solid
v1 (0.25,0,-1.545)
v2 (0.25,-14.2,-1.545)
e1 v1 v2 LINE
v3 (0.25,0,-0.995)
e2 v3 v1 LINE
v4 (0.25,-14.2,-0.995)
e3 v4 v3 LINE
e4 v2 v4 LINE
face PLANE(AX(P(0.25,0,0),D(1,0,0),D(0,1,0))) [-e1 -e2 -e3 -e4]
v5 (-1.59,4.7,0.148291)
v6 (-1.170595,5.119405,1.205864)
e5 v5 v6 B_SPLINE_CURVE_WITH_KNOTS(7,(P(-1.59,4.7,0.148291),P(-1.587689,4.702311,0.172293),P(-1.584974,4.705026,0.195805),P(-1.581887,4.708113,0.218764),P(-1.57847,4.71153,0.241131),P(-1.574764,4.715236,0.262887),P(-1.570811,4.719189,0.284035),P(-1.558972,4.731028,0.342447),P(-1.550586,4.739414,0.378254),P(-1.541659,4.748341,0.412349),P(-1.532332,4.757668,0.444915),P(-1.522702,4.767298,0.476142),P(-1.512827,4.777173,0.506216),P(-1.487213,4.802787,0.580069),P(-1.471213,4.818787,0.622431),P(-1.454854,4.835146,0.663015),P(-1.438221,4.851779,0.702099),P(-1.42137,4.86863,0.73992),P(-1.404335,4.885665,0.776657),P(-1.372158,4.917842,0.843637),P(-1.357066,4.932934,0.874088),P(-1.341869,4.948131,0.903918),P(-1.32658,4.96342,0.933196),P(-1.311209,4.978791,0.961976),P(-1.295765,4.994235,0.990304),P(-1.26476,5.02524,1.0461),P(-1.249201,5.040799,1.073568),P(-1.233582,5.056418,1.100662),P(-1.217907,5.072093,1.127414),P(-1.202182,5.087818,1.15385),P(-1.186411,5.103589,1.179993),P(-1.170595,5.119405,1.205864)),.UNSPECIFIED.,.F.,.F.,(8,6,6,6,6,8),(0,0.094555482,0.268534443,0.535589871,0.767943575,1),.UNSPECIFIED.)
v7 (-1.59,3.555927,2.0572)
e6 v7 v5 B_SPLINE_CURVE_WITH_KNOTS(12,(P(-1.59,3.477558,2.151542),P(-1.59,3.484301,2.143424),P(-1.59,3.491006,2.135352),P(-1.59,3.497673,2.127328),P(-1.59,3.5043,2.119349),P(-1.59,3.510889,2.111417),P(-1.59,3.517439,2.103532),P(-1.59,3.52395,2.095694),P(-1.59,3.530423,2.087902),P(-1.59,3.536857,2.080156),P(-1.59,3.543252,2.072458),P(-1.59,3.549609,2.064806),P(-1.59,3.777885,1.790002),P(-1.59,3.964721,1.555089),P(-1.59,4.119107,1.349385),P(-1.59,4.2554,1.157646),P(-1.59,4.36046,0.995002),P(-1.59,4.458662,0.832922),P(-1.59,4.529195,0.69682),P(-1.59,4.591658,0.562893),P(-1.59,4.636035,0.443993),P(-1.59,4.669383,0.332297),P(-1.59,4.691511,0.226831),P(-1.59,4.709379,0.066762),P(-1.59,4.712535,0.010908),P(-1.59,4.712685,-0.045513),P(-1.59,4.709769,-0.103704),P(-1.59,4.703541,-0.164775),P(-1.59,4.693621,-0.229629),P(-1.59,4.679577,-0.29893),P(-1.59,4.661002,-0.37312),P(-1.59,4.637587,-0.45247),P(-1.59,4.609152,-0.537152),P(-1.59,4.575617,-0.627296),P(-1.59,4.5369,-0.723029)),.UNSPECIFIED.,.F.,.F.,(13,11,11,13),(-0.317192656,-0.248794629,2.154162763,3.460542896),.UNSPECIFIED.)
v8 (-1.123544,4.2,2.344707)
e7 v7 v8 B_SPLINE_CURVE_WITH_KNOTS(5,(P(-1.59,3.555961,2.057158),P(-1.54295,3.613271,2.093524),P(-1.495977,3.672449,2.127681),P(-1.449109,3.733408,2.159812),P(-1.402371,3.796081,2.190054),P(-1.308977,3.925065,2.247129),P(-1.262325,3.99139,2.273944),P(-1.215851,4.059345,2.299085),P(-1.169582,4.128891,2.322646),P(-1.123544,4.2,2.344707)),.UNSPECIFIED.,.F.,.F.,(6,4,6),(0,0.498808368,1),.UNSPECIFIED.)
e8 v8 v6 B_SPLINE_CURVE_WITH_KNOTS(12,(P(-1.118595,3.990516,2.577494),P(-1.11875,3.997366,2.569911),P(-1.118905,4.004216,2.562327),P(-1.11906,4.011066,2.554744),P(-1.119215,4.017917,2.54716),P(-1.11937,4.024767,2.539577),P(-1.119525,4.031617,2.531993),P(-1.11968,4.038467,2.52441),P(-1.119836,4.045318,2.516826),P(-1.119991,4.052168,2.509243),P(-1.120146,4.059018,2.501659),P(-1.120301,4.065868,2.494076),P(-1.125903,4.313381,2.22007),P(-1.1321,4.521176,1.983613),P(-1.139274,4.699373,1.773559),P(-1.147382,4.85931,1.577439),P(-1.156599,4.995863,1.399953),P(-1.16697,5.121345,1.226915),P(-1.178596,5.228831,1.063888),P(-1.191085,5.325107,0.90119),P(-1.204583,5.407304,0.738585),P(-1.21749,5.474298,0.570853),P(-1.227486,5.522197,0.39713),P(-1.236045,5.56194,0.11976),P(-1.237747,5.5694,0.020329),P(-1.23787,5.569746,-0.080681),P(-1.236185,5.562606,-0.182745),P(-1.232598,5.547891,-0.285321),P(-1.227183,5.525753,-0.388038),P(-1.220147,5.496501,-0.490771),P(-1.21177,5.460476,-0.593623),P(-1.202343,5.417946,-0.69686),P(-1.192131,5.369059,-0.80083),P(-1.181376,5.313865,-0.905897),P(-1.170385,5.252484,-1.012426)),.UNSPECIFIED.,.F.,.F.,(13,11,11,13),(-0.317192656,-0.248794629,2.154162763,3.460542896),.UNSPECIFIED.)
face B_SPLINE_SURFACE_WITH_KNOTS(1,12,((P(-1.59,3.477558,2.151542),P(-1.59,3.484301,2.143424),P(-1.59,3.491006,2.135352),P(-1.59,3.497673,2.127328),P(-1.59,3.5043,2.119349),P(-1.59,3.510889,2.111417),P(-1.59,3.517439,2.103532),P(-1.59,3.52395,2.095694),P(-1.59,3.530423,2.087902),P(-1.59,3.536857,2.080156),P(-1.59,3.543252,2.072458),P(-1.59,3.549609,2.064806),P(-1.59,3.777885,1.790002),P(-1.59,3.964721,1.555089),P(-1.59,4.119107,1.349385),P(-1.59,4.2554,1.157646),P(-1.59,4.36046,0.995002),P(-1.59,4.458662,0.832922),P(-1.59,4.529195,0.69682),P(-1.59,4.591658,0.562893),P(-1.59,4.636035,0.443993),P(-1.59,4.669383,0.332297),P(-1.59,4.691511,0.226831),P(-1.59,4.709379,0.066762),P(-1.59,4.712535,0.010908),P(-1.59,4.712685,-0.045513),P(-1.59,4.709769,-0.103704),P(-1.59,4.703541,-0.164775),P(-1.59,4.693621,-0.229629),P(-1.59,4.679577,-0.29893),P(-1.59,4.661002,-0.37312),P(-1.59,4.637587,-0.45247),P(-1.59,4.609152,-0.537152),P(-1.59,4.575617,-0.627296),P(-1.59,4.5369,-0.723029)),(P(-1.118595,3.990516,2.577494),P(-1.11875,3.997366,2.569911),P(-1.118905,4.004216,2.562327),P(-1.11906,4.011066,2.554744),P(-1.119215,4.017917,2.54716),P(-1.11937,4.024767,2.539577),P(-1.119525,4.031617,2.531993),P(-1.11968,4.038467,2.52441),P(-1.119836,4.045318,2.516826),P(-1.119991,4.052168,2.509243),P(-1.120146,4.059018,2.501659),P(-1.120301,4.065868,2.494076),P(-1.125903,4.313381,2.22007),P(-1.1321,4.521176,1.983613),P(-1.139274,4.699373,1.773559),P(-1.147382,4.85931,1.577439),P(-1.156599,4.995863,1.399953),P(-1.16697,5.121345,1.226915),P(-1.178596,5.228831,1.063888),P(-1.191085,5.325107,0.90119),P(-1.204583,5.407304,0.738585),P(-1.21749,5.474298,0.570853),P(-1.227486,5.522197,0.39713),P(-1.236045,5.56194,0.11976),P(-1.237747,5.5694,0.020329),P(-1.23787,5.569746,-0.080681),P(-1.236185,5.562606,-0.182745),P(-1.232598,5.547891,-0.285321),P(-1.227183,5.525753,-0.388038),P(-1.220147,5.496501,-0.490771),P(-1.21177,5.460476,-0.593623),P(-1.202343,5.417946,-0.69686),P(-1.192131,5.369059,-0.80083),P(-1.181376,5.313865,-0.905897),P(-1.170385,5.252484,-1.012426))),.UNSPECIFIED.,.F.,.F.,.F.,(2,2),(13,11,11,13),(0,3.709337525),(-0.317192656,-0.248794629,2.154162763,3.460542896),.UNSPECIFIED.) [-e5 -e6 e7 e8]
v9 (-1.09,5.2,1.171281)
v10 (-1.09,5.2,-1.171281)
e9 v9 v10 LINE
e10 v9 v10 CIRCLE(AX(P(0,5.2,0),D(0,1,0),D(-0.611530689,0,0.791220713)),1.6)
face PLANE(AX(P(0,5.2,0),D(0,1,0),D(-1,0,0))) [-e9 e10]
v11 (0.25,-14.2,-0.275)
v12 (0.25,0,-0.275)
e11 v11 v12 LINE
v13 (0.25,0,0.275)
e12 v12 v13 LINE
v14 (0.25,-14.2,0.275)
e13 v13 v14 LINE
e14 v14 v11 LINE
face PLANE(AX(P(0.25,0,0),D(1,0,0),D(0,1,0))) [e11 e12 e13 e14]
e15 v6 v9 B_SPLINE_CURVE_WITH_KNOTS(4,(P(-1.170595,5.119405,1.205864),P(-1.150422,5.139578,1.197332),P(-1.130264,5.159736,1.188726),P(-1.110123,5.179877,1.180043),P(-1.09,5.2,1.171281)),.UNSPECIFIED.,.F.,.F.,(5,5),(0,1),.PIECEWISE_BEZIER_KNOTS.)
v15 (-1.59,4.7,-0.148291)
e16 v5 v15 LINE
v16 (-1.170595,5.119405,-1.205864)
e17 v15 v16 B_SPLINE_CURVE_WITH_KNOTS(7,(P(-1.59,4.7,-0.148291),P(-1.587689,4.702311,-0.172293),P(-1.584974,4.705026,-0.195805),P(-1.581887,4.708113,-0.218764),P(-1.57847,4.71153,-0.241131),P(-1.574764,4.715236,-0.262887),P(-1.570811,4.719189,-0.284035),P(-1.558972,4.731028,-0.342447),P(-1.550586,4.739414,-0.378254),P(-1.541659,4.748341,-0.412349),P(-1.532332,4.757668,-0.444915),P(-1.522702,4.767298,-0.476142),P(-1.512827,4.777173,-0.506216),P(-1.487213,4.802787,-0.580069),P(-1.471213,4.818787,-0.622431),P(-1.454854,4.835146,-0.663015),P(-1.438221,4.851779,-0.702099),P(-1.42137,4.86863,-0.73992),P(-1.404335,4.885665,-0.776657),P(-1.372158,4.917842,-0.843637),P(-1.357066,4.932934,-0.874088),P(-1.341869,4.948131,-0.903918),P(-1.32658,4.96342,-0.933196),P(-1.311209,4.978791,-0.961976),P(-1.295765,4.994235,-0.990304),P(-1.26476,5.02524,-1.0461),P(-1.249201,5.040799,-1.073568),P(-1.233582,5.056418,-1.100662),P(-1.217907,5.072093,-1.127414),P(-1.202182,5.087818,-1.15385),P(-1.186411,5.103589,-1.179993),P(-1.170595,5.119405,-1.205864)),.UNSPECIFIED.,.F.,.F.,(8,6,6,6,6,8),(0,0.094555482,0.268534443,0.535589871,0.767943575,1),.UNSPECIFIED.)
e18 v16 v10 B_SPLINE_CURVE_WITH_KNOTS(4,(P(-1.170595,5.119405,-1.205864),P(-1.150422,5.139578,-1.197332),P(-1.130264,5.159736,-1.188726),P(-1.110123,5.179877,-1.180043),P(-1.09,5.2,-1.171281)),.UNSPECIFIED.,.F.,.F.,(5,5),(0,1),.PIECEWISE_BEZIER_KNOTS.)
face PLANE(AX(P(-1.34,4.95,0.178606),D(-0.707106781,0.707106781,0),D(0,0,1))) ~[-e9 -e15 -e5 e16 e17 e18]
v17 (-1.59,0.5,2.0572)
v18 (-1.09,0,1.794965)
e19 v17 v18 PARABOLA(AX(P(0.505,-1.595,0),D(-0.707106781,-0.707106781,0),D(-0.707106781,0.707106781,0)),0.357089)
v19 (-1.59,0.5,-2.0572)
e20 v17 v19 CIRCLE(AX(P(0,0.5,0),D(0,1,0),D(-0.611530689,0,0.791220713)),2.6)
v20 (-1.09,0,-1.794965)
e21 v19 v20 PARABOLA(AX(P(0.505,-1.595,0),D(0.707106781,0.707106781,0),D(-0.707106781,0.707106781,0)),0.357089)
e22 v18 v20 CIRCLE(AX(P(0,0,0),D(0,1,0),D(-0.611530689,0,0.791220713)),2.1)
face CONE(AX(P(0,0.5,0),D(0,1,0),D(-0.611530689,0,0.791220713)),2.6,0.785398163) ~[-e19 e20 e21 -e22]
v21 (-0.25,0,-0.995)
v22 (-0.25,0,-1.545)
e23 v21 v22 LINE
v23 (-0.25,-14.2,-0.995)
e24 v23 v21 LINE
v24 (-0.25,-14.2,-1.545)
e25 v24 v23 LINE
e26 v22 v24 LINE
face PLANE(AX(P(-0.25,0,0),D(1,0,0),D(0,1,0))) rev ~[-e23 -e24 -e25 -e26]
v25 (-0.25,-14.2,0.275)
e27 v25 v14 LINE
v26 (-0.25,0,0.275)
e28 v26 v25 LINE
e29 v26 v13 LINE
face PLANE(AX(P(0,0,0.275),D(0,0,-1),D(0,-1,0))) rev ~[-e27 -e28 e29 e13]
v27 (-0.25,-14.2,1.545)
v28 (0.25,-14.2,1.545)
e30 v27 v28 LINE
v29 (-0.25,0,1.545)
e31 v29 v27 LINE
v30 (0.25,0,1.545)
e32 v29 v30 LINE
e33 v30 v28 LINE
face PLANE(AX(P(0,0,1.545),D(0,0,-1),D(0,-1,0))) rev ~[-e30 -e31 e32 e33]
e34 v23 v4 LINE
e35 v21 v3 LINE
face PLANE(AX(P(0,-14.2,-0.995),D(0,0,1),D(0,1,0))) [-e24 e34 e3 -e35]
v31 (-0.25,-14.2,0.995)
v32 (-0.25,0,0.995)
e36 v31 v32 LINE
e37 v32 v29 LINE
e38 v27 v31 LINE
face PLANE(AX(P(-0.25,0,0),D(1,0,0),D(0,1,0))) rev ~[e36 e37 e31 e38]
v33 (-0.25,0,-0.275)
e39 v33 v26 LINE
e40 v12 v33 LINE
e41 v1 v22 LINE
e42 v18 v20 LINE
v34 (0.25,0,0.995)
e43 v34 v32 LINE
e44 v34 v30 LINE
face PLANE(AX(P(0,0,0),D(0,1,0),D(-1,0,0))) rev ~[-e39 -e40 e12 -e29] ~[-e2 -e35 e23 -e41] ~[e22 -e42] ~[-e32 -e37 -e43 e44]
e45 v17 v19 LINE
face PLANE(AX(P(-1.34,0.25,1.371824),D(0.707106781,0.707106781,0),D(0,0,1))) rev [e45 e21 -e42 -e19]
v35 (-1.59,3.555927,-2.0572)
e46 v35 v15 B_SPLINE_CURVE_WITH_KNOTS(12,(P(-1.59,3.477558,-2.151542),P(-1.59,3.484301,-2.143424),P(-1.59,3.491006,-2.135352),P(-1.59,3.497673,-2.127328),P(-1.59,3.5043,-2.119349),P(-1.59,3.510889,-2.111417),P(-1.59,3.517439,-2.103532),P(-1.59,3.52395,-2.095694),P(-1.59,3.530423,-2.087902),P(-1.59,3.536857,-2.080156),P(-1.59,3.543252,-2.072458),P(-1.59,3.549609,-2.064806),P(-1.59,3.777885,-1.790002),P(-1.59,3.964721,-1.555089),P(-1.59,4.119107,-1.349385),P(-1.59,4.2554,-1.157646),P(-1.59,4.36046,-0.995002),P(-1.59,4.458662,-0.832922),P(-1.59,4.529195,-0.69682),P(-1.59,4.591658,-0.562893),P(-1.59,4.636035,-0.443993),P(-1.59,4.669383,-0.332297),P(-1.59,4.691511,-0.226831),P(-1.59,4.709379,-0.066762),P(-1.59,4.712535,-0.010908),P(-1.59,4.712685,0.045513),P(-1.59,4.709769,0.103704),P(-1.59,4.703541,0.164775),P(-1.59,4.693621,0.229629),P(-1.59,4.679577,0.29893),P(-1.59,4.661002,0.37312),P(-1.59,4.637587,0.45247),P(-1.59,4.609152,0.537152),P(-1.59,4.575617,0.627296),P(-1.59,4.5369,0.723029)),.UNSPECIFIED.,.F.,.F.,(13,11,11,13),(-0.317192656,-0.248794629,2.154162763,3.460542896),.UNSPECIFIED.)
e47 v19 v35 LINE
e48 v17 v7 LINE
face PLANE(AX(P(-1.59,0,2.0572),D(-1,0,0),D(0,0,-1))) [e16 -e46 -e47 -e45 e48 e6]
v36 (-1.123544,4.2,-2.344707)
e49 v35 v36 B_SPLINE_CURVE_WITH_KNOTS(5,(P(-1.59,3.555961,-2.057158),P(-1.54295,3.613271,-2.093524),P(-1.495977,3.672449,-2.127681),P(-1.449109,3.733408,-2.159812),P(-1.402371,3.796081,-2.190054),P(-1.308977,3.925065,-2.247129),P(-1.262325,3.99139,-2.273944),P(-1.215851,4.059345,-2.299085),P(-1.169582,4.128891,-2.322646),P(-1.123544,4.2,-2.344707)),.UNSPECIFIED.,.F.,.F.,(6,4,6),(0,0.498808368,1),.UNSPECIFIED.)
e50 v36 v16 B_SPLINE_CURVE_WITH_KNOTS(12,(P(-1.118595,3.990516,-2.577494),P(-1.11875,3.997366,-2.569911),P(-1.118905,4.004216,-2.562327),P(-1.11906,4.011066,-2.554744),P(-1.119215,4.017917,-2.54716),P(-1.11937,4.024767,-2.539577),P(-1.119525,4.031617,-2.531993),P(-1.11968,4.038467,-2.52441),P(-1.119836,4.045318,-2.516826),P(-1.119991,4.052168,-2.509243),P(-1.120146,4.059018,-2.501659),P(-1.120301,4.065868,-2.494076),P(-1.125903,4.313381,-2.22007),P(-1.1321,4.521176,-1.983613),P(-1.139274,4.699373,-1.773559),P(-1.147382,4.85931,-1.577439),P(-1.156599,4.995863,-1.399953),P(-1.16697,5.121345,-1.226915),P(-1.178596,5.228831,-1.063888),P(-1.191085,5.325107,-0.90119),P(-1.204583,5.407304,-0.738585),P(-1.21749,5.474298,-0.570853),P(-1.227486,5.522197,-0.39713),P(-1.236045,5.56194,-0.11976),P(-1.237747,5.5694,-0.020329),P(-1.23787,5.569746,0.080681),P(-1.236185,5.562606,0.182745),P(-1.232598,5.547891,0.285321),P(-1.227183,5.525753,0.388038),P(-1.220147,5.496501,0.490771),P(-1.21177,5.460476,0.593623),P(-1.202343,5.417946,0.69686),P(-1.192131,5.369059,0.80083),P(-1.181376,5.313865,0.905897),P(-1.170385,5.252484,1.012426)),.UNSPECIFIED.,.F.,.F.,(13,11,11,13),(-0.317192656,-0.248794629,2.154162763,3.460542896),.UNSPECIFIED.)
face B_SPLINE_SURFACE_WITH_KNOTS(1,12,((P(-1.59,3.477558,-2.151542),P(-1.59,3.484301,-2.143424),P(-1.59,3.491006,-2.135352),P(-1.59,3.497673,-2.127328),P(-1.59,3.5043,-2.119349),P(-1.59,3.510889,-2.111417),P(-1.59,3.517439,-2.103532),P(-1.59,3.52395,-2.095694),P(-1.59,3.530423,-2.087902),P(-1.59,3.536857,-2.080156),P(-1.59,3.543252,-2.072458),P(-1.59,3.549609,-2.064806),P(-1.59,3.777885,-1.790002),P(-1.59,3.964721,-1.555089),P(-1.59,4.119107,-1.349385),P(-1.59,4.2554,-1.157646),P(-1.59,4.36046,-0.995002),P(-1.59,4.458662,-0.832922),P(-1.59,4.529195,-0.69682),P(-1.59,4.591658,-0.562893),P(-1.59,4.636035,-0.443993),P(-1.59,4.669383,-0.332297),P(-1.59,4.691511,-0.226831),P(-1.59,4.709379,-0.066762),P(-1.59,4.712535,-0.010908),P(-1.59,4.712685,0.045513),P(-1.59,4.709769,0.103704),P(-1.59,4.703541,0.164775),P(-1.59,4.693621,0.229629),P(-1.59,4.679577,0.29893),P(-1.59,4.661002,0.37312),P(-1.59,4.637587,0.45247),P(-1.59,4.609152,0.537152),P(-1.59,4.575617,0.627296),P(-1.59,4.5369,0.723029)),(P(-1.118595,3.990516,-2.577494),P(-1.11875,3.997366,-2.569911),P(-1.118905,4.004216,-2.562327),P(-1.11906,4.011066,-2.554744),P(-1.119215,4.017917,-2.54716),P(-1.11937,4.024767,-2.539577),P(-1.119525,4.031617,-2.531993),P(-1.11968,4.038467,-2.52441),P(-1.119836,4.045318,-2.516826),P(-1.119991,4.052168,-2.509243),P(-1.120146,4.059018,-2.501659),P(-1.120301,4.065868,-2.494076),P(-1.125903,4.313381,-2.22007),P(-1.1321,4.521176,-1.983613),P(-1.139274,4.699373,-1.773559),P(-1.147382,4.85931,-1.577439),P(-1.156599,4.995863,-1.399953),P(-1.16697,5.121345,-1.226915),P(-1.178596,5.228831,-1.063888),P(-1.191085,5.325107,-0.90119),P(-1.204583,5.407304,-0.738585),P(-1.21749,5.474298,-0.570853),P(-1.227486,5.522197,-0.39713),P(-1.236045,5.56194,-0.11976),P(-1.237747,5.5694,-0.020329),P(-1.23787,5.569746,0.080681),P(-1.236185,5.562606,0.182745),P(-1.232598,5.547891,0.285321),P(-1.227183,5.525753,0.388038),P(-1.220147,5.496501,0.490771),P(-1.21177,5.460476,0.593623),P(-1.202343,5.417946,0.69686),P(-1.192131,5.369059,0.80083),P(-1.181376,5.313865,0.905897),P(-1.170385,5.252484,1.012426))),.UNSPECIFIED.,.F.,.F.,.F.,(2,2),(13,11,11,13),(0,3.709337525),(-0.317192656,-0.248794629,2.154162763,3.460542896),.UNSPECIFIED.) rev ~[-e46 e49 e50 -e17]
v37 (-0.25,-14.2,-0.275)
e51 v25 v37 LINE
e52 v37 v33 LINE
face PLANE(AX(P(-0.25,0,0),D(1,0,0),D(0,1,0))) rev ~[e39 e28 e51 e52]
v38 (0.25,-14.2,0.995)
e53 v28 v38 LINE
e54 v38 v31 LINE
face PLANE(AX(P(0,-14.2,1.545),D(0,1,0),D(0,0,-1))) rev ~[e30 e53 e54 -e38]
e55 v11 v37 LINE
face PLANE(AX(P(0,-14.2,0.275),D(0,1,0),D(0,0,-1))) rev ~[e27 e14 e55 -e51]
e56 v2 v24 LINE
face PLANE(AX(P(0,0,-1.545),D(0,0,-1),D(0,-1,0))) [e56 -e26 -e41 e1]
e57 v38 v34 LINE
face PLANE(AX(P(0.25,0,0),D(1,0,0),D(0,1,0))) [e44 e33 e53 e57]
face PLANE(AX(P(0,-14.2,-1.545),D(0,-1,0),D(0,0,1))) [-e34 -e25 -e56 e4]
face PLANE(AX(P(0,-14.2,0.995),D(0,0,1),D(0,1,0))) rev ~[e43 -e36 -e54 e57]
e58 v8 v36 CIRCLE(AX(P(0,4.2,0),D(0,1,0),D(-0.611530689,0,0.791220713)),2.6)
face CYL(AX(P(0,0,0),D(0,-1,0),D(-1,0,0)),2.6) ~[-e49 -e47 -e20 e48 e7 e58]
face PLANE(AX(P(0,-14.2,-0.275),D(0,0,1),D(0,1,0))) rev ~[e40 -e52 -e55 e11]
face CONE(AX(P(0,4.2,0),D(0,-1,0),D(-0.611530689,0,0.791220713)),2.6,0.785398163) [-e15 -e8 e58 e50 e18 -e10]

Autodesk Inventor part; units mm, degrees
ref_plane "YZ Plane" through (0, 0, 0) normal (1, 0, 0) x (0, 1, 0)
ref_plane "XZ Plane" through (0, 0, 0) normal (0, 1, 0) x (-1, 0, 0)
ref_plane "XY Plane" through (0, 0, 0) normal (0, 0, 1) x (1, 0, 0)
sketch "Sketch1" plane through (0, 0, 0) normal (0, 1, 0) x (-1, 0, 0)
  circle A0 centre (0, 0) radius 2.6
  line L0 (1.59, 2.0572) -> (1.59, -2.0572)
  dimension "d0" = 5.2
  dimension "d1" = 4.19
extrude "Extrusion1" add sketch "Sketch1" along normal blind 5.2 contours L0 A0 picked at (-1.6247, 0.0943)
sketch "Sketch2" plane through (0, 0, 0) normal (1, 0, 0) x (0, 1, 0)
  line L0 (0, 1.545) -> (-14.2, 1.545)
  line L1 (-14.2, 1.545) -> (-14.2, 0.995)
  line L2 (-14.2, 0.995) -> (0, 0.995)
  line L3 (0, 0.995) -> (0, 1.545)
  line L4 (0, 0.275) -> (-14.2, 0.275)
  line L5 (-14.2, 0.275) -> (-14.2, -0.275)
  line L6 (-14.2, -0.275) -> (0, -0.275)
  line L7 (0, -0.275) -> (0, 0.275)
  line L8 (0, -1.545) -> (-14.2, -1.545)
  line L9 (-14.2, -1.545) -> (-14.2, -0.995)
  line L10 (-14.2, -0.995) -> (0, -0.995)
  line L11 (0, -0.995) -> (0, -1.545)
  line L12 (0, -2.6) -> (0, 2.6) projected
  point P0 (0, 0)
  point P1 (0, 2.0572)
  point P2 (0, -2.0572)
  dimension "d4" = 14.2
  dimension "d5" = 14.2
  dimension "d6" = 14.2
  dimension "d7" = 0
  dimension "d8" = 0
  dimension "d9" = 0.55
  dimension "d10" = 0.55
  dimension "d11" = 0.55
  dimension "d12" = 0.275
  dimension "d13" = 0.995
  dimension "d14" = 0.995
extrude "Extrusion2" add sketch "Sketch2" along normal mid plane 0.5
chamfer "Chamfer1" distance 1 angle 45 1 edges at (2.6, 5.2, 0)
chamfer "Chamfer2" distance 0.5 angle 45 1 edges at (2.6, 0, 0)
chamfer "Chamfer3" distance 0.5 angle 45 3 edges at (-1.59, 4.9218, -0.9998) (-1.59, 4.9218, 0.9998) (-1.59, 5.2, 0)
chamfer "Chamfer4" distance 0.5 angle 45 1 edges at (-1.59, 0, 0)
properties part number "LM35CAZ"
